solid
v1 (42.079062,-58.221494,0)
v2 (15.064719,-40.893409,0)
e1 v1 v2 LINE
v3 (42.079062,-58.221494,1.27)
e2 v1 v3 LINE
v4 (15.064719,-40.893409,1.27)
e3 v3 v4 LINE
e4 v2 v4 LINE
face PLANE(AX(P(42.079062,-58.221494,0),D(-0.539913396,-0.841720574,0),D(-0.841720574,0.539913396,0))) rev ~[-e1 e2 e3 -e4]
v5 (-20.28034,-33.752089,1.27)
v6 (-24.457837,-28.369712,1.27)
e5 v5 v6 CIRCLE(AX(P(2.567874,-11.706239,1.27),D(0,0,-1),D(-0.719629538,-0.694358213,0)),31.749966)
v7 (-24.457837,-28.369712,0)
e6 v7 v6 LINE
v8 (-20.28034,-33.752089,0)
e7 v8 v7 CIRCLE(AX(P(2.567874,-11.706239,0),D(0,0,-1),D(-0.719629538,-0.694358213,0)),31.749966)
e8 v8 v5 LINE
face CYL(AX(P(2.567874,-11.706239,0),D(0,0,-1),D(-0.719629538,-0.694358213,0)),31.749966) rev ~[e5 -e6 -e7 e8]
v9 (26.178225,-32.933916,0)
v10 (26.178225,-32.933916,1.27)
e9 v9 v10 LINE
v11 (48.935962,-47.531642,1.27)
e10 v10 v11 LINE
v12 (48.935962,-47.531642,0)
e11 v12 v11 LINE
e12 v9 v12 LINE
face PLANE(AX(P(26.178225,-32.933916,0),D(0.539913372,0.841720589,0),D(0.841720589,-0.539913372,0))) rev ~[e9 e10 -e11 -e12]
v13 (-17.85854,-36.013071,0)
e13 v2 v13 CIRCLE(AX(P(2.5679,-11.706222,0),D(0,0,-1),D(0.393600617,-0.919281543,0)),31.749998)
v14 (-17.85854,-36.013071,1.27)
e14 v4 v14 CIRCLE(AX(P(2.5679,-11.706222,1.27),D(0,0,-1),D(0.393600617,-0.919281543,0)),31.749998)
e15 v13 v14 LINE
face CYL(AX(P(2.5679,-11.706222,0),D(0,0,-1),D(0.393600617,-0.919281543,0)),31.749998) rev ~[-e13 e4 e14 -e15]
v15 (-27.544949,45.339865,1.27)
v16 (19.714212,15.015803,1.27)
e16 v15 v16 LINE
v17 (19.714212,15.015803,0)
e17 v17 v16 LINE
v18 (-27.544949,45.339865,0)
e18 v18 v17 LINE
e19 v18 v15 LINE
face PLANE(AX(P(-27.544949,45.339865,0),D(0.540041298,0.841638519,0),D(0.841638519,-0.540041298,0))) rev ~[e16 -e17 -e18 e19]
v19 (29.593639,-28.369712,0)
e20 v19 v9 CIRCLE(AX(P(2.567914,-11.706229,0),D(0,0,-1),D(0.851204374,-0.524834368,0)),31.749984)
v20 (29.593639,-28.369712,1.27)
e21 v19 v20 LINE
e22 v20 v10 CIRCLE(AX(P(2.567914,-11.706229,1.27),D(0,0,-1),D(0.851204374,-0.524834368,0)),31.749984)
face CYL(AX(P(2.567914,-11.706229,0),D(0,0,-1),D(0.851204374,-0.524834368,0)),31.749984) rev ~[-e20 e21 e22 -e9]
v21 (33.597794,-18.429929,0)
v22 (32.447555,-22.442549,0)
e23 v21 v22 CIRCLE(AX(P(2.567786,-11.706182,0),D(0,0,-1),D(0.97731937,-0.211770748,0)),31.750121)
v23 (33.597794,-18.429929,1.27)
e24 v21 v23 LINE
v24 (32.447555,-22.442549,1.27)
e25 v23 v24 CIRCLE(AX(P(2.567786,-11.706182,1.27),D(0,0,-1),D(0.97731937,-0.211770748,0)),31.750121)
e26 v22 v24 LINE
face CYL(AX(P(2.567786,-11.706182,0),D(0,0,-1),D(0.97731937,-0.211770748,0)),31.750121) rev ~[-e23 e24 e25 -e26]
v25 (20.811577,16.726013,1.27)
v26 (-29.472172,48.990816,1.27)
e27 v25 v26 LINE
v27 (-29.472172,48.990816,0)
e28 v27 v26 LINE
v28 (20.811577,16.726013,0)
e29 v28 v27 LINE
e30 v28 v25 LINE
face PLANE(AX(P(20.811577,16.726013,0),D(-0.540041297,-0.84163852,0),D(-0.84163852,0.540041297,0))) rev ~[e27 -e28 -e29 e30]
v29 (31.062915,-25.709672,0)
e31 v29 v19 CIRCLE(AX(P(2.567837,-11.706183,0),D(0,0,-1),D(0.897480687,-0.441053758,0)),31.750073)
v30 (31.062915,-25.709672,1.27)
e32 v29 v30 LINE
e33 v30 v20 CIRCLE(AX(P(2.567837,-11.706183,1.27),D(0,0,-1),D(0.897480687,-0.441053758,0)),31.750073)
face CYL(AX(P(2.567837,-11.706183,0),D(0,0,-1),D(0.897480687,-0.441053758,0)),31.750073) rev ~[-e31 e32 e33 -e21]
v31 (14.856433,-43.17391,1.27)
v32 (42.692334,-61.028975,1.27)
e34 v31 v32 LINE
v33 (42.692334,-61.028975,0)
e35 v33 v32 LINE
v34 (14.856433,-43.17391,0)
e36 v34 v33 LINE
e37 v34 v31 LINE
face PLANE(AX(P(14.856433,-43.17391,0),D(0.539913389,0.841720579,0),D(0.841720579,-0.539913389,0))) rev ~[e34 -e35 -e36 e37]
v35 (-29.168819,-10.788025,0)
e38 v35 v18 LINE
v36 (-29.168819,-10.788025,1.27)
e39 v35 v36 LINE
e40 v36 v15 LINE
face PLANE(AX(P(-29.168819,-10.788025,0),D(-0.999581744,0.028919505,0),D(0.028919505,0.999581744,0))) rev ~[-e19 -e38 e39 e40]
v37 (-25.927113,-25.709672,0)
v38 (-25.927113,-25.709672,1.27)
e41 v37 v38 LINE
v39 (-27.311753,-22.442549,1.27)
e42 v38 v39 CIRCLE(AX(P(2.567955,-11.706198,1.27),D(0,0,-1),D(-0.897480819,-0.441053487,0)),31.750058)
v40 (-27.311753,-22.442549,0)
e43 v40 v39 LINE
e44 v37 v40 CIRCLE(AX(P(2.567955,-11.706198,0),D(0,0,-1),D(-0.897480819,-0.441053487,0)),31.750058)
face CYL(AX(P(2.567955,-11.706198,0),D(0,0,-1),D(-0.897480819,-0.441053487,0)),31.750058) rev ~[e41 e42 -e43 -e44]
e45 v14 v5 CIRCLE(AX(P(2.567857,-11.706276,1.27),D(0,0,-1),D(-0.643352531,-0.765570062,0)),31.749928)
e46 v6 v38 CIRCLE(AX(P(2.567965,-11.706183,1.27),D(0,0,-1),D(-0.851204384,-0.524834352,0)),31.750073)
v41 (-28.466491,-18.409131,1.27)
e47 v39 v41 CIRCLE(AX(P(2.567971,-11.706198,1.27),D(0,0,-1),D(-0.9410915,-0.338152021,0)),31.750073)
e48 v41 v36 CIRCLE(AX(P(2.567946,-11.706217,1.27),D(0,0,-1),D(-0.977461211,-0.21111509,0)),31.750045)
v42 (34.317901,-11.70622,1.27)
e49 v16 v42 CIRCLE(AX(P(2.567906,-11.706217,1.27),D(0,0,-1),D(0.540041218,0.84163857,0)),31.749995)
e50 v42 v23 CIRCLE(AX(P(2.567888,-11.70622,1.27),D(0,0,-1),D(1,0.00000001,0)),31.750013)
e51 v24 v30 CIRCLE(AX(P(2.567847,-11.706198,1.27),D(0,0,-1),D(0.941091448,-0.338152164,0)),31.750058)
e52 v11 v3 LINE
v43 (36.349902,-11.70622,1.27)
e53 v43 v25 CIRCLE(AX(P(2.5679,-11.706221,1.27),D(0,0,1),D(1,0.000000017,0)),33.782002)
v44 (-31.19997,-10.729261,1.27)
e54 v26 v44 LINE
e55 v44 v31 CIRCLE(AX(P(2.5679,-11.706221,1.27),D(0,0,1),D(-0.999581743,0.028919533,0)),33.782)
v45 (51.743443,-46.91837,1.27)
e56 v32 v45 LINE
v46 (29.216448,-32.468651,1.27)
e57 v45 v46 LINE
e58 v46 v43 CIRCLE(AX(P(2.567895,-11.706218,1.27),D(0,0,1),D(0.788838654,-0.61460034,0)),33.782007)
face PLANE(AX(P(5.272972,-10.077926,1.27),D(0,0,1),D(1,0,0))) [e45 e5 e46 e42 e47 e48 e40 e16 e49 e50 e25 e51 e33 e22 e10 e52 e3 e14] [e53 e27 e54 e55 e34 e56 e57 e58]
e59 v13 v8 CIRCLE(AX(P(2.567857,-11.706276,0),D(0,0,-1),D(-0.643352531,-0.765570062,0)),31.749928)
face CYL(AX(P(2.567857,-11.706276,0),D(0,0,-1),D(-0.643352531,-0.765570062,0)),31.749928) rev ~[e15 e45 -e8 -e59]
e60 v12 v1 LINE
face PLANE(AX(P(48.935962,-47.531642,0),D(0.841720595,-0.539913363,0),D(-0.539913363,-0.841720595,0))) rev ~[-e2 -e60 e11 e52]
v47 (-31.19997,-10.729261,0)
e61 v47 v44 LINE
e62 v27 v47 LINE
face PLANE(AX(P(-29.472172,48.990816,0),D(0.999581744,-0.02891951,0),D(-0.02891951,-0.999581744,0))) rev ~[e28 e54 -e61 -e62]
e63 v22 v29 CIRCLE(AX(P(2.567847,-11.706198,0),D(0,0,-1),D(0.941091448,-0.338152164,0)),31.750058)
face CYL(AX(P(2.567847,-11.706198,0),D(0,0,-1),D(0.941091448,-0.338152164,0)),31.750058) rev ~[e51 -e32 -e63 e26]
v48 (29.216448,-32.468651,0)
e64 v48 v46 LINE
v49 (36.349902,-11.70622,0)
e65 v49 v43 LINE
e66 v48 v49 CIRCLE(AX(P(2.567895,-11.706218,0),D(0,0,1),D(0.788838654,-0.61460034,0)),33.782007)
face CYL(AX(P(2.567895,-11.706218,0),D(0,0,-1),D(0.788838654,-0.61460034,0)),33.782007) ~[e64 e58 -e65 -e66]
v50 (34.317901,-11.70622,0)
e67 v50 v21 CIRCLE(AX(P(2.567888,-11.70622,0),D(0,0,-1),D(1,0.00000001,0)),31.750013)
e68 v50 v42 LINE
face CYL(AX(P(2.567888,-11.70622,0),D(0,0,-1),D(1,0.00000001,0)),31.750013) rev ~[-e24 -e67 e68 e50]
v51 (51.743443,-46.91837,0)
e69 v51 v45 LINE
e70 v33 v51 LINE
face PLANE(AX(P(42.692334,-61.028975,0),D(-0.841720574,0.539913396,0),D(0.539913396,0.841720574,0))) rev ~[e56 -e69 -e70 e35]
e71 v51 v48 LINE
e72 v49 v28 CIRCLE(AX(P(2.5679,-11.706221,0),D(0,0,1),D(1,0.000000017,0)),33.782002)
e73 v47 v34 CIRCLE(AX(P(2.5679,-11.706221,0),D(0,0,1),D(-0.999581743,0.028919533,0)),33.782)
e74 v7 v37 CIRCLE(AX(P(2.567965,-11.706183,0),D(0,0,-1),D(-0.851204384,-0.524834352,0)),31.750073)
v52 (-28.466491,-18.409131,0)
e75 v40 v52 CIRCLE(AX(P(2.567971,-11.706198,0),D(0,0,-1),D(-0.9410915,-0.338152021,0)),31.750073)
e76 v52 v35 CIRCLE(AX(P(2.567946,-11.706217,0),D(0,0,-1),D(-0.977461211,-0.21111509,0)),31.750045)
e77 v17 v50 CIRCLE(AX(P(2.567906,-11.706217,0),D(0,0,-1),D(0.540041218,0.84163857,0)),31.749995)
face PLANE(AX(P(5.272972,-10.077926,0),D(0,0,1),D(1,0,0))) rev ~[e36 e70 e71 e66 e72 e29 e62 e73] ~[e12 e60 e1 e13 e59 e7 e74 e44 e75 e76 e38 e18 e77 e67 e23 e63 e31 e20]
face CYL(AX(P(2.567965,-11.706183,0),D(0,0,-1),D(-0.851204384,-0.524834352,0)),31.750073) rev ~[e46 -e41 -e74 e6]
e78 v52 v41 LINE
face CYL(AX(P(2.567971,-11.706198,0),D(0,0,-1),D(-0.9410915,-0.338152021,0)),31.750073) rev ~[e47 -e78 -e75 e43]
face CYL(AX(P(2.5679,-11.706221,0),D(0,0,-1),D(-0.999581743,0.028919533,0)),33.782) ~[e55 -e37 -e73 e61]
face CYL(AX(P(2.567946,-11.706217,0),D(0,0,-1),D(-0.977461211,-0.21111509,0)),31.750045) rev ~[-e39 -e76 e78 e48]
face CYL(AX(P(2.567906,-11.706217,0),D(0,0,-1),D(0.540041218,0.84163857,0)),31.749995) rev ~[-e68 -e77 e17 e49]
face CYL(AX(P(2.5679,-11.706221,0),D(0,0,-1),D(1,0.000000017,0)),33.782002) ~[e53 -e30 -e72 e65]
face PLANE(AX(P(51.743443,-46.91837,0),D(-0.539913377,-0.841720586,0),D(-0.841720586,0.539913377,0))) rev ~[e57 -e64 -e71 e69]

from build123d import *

# Parameters (mm, degrees)
F1_DEPTH = 1.27


with BuildPart() as f1:
    # F0 (on Top) → F1 (new body)
    with BuildSketch(Plane.XY):
        with BuildLine():
            Line((20.811577, 16.726013), (-29.472172, 48.990816))
            Line((-29.472172, 48.990816), (-31.19997, -10.729261))
            ThreePointArc((-31.19997, -10.729261), (-16.887287, -39.323592), (14.856433, -43.17391))
            Line((14.856433, -43.17391), (42.692334, -61.028975))
            Line((42.692334, -61.028975), (51.743443, -46.91837))
            Line((51.743443, -46.91837), (29.216448, -32.468651))
            ThreePointArc((29.216448, -32.468651), (34.516804, -22.683067), (36.349902, -11.70622))
            ThreePointArc((36.349902, -11.70622), (32.211884, 4.494331), (20.811577, 16.726013))
        make_face()
        with BuildLine():
            Line((-29.168819, -10.788025), (-27.544949, 45.339865))
            Line((-27.544949, 45.339865), (19.714212, 15.015803))
            ThreePointArc((19.714212, 15.015803), (30.428787, 3.519862), (34.317901, -11.70622))
            ThreePointArc((34.317901, -11.70622), (34.137361, -15.0873), (33.597794, -18.429929))
            ThreePointArc((33.597794, -18.429929), (33.088689, -20.455162), (32.447555, -22.442549))
            ThreePointArc((32.447555, -22.442549), (31.800913, -24.095469), (31.062915, -25.709672))
            ThreePointArc((31.062915, -25.709672), (30.36012, -27.05728), (29.593639, -28.369712))
            ThreePointArc((29.593639, -28.369712), (27.988575, -30.728623), (26.178225, -32.933916))
            Line((26.178225, -32.933916), (48.935962, -47.531642))
            Line((48.935962, -47.531642), (42.079062, -58.221494))
            Line((42.079062, -58.221494), (15.064719, -40.893409))
            ThreePointArc((15.064719, -40.893409), (-2.08765, -43.11304), (-17.85854, -36.013071))
            ThreePointArc((-17.85854, -36.013071), (-19.098952, -34.914192), (-20.28034, -33.752089))
            ThreePointArc((-20.28034, -33.752089), (-22.513884, -31.173283), (-24.457837, -28.369712))
            ThreePointArc((-24.457837, -28.369712), (-25.224318, -27.05728), (-25.927113, -25.709672))
            ThreePointArc((-25.927113, -25.709672), (-26.665111, -24.095469), (-27.311753, -22.442549))
            ThreePointArc((-27.311753, -22.442549), (-27.955817, -20.444934), (-28.466491, -18.409131))
            ThreePointArc((-28.466491, -18.409131), (-29.04813, -14.619818), (-29.168819, -10.788025))
        make_face(mode=Mode.SUBTRACT)
    extrude(amount=F1_DEPTH)


solid = f1.part
